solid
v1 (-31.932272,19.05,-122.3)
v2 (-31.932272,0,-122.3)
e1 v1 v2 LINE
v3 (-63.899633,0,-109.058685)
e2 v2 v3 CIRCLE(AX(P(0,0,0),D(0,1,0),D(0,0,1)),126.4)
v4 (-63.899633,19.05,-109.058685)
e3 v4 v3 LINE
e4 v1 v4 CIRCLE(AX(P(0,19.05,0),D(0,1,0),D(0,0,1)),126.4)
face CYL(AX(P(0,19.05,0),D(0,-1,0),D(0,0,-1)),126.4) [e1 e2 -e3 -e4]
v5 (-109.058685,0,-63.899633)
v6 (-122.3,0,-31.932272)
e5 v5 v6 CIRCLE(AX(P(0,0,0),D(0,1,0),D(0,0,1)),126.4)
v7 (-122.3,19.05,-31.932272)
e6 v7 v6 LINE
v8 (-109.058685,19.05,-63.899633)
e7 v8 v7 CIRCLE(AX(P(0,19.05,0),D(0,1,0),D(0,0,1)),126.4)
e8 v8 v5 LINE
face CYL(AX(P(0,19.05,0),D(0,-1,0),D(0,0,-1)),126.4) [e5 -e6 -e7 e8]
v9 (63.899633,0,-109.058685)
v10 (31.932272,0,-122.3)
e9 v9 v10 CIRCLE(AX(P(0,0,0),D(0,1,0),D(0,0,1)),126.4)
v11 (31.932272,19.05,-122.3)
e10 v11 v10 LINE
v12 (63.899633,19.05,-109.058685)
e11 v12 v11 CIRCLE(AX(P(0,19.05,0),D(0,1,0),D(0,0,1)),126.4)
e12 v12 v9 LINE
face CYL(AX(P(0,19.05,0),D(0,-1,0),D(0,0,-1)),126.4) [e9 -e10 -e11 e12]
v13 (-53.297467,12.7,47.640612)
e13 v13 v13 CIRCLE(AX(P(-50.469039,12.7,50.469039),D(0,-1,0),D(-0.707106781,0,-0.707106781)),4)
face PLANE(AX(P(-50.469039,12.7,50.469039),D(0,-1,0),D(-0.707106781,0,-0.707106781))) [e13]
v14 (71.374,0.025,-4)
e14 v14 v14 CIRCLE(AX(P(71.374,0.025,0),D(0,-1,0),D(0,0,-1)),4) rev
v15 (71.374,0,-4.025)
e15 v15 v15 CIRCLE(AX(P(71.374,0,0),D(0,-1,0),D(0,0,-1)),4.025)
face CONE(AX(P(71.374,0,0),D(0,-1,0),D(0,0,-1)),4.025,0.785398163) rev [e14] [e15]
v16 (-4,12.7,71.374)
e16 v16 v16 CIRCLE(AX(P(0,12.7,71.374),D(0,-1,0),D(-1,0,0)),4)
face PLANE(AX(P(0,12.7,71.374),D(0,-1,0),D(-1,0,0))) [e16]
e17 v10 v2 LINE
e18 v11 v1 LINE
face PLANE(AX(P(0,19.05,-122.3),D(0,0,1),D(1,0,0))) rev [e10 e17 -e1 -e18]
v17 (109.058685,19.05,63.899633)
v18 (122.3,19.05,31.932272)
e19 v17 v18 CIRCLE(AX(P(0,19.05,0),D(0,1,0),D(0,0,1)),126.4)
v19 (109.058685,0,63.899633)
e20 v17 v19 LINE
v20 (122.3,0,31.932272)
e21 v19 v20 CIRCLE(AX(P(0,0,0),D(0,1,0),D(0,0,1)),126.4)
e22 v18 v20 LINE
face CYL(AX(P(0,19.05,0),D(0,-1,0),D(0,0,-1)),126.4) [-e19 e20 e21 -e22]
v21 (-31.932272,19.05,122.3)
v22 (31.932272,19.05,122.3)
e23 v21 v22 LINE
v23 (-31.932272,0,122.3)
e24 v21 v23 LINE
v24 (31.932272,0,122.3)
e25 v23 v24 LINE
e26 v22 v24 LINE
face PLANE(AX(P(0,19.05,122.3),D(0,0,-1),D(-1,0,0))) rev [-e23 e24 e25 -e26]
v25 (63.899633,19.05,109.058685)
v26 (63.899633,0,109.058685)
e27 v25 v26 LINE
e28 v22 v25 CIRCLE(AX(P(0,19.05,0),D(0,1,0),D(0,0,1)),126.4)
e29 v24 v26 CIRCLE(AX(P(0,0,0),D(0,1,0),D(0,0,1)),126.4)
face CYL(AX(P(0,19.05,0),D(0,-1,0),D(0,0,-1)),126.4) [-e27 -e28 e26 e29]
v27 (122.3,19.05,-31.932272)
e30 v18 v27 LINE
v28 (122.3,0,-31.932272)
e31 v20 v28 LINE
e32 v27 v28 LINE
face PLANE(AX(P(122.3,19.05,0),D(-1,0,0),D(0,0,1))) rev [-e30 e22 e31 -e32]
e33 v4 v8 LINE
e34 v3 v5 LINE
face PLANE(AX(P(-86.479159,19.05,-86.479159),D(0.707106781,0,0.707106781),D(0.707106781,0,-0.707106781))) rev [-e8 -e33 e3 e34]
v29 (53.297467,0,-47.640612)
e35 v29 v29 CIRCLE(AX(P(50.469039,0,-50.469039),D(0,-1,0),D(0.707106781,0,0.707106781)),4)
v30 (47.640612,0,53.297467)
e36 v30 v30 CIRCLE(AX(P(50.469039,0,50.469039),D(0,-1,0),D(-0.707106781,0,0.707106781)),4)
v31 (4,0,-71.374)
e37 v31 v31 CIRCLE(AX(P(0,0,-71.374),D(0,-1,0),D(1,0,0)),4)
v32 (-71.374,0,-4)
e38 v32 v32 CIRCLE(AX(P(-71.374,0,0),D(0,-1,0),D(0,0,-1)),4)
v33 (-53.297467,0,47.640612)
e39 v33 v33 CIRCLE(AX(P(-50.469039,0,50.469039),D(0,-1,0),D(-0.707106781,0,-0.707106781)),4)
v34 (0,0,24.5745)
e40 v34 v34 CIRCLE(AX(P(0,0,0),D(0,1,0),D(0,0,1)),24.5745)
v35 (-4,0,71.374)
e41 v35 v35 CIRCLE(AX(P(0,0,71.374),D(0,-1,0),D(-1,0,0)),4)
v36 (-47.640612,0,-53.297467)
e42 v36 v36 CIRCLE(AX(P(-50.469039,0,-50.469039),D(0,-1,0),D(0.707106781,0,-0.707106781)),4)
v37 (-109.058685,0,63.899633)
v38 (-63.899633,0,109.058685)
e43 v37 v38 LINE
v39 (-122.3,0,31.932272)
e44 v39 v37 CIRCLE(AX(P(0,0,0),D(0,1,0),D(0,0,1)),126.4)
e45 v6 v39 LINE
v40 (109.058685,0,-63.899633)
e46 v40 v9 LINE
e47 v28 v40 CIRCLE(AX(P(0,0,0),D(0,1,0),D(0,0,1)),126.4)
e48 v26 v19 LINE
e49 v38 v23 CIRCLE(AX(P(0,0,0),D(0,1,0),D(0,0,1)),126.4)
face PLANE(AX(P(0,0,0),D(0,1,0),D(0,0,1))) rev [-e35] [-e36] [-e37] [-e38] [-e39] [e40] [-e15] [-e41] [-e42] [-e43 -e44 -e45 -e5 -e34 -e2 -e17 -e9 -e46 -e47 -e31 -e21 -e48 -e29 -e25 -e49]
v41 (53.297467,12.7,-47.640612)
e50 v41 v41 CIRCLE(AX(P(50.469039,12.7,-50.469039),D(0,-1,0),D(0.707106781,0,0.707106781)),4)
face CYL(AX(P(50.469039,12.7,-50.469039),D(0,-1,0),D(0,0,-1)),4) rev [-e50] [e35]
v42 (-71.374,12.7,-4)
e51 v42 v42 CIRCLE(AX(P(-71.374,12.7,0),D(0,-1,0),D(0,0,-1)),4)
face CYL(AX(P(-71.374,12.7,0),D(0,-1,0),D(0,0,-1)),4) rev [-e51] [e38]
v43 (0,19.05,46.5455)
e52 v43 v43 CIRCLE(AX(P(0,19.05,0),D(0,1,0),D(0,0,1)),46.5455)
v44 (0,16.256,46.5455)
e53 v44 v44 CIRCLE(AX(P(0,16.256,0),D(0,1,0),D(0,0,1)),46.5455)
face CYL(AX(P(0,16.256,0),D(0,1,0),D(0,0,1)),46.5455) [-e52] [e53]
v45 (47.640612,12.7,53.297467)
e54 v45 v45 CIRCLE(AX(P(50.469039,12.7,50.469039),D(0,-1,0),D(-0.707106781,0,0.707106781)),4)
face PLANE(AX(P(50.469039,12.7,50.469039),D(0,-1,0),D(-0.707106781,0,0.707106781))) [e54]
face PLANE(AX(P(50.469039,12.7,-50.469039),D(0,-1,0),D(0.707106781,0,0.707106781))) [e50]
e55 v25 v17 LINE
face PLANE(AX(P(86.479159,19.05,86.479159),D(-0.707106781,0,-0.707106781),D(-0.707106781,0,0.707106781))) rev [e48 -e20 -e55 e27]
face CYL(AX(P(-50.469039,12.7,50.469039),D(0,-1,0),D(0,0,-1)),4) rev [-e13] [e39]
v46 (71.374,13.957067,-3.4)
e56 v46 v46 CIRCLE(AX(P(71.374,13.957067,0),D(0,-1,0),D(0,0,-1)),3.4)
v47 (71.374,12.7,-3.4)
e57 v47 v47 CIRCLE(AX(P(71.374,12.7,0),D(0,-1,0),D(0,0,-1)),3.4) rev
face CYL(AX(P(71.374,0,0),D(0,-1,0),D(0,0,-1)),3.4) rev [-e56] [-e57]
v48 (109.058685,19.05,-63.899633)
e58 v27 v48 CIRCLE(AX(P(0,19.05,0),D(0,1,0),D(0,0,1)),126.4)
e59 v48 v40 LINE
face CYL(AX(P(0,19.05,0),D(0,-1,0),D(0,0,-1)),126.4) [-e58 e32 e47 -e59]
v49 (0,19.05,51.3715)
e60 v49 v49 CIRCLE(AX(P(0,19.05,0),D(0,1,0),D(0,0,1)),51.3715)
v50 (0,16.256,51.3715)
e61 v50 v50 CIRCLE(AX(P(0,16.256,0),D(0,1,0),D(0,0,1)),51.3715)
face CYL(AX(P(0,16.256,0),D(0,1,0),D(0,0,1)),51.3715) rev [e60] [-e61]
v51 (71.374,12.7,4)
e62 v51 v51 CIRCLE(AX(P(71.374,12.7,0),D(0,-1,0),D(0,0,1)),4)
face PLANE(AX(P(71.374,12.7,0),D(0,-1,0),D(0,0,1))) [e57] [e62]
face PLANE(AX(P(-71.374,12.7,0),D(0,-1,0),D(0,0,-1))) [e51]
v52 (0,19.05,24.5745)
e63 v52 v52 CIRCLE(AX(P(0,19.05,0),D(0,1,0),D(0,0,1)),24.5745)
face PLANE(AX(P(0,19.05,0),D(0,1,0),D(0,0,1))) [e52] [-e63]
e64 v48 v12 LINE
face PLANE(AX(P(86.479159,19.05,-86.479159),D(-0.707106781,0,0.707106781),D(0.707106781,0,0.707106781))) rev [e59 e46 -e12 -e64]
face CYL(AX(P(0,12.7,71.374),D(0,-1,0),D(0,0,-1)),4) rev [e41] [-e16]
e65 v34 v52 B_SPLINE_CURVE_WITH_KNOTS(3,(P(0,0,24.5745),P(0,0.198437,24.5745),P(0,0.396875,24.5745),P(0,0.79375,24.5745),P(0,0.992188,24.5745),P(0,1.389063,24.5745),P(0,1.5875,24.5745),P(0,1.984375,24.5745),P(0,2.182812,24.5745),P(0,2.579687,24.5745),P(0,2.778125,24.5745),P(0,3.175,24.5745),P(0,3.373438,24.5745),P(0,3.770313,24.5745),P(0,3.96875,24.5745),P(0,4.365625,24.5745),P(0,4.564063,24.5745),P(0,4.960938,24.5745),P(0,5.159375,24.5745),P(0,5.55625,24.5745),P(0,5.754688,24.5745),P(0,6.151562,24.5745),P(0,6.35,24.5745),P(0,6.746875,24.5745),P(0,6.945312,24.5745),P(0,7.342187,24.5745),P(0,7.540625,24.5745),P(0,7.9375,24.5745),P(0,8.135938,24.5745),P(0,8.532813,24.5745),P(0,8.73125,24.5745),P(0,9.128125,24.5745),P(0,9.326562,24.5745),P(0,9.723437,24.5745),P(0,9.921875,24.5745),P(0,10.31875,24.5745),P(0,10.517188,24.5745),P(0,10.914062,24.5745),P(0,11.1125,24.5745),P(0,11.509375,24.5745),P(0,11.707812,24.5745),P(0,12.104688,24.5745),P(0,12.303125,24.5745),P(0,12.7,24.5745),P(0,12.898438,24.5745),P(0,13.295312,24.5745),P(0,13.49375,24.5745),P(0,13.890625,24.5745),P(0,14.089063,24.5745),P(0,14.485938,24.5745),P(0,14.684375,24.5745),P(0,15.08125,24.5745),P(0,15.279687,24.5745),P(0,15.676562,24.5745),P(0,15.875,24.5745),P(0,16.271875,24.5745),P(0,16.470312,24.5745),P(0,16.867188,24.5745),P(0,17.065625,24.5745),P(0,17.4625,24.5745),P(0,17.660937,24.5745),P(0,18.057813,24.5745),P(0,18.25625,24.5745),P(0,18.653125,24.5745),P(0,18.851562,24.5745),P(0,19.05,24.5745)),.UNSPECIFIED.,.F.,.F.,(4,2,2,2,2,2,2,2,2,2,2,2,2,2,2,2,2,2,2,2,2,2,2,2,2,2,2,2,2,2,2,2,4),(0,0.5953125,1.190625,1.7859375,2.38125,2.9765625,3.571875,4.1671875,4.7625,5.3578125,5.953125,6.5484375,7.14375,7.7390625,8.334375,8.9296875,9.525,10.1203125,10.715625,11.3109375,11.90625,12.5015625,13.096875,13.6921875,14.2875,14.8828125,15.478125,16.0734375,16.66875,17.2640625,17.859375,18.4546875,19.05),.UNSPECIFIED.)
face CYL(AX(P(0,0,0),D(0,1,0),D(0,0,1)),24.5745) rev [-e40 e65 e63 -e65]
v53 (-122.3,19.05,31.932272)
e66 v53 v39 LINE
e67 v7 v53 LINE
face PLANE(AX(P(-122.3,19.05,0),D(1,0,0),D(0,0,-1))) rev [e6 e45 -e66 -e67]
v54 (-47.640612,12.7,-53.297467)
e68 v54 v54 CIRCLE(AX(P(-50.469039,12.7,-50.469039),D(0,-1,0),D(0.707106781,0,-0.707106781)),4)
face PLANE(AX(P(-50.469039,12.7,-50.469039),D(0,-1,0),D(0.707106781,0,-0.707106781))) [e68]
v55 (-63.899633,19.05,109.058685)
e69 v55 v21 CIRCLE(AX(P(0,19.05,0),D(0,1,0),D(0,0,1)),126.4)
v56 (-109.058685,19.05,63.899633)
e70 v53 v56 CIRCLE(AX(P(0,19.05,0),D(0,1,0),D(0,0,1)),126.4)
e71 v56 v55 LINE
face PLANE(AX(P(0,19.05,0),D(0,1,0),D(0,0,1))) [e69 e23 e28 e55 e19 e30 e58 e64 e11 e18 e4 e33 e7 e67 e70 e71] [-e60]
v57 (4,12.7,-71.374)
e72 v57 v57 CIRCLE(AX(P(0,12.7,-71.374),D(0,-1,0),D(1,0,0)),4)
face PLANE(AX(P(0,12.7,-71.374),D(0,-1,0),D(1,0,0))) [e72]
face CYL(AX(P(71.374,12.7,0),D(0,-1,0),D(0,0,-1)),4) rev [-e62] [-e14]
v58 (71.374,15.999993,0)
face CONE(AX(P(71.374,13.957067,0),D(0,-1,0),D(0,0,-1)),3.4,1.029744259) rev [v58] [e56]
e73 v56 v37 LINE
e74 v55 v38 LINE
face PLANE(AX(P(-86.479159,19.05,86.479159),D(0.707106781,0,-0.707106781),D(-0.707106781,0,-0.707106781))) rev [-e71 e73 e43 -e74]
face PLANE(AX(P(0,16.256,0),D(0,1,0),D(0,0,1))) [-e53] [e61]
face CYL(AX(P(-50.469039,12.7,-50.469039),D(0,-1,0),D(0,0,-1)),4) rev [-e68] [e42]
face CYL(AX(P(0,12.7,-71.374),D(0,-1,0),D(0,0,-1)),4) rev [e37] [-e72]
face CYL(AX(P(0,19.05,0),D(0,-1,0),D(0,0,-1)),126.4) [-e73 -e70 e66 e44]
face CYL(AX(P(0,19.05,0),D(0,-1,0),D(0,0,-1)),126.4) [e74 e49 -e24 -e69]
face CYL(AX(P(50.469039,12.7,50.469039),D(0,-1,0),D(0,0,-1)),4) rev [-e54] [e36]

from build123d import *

# Parameters (mm, degrees)
BOSS_EXTRUDE1_DEPTH         = 19.05
SKETCH3_R                   = 24.5745
CUT_EXTRUDE1_DEPTH          = 175.004260005
SKETCH5_R                   = 51.3715
SKETCH5_R_2                 = 46.5455
CUT_EXTRUDE2_DEPTH          = 2.794
SKETCH7_R                   = 4
CUT_EXTRUDE3_DEPTH          = 12.7
M8_TAPPED_HOLE1_D           = 6.8
M8_TAPPED_HOLE1_DEPTH       = 13.957067295
M8_TAPPED_HOLE1_CSINK_D     = 8.05
M8_TAPPED_HOLE1_CSINK_ANGLE = 90
M8_TAPPED_HOLE1_TIP         = 2.042926105
CIRPATTERN1_COUNT           = 8


with BuildPart() as part:
    # Sketch1 → Boss-Extrude1 (new body)
    with BuildSketch(Plane(origin=(0, 0, 0), x_dir=(1, 0, 0), z_dir=(0, 1, 0))):
        with BuildLine():
            ThreePointArc((-31.932272077, 122.3), (-48.371185851, 116.778372909), (-63.899633215, 109.058685463))
            Line((-63.899633215, 109.058685463), (-109.058685463, 63.899633215))
            ThreePointArc((-109.058685463, 63.899633215), (-116.778372909, 48.371185851), (-122.3, 31.932272077))
            Line((-122.3, 31.932272077), (-122.3, -31.932272077))
            ThreePointArc((-122.3, -31.932272077), (-116.778372909, -48.371185851), (-109.058685463, -63.899633215))
            Line((-109.058685463, -63.899633215), (-63.899633215, -109.058685463))
            ThreePointArc((-63.899633215, -109.058685463), (-48.371185851, -116.778372909), (-31.932272077, -122.3))
            Line((-31.932272077, -122.3), (31.932272077, -122.3))
            ThreePointArc((31.932272077, -122.3), (48.371185851, -116.778372909), (63.899633215, -109.058685463))
            Line((63.899633215, -109.058685463), (109.058685463, -63.899633215))
            ThreePointArc((109.058685463, -63.899633215), (116.778372909, -48.371185851), (122.3, -31.932272077))
            Line((122.3, -31.932272077), (122.3, 31.932272077))
            ThreePointArc((122.3, 31.932272077), (116.778372909, 48.371185851), (109.058685463, 63.899633215))
            Line((109.058685463, 63.899633215), (63.899633215, 109.058685463))
            ThreePointArc((63.899633215, 109.058685463), (48.371185851, 116.778372909), (31.932272077, 122.3))
            Line((31.932272077, 122.3), (-31.932272077, 122.3))
        make_face()
    extrude(amount=BOSS_EXTRUDE1_DEPTH)

    # Sketch3 → Cut-Extrude1 (cut, through all)
    with BuildSketch(Plane(origin=(0, 19.05, 0), x_dir=(1, 0, 0), z_dir=(0, 1, 0))):
        with Locations(Location((0, 0, 0), (0, 0, 270))):
            Circle(SKETCH3_R)
    extrude(amount=-CUT_EXTRUDE1_DEPTH, mode=Mode.SUBTRACT)

    # Sketch5 → Cut-Extrude2 (cut)
    with BuildSketch(Plane(origin=(0, 19.05, 0), x_dir=(1, 0, 0), z_dir=(0, 1, 0))):
        with Locations(Location((0, 0, 0), (0, 0, 270))):
            Circle(SKETCH5_R)
        with Locations(Location((0, 0, 0), (0, 0, 270))):
            Circle(SKETCH5_R_2, mode=Mode.SUBTRACT)
    extrude(amount=-CUT_EXTRUDE2_DEPTH, mode=Mode.SUBTRACT)

    # Sketch7 → Cut-Extrude3 (cut)
    with BuildSketch(Plane.XZ):
        with Locations(Location((-71.374, 0, 0), (0, 0, 270))):
            Circle(SKETCH7_R)
    cut_extrude3 = extrude(amount=-CUT_EXTRUDE3_DEPTH, mode=Mode.SUBTRACT)

    # M8 Tapped Hole1
    with Locations(Plane(origin=(0, 0, 0), x_dir=(-1, 0, 0), z_dir=(0, -1, 0))):
        with Locations((-71.374, 0)):
            CounterSinkHole(M8_TAPPED_HOLE1_D / 2, M8_TAPPED_HOLE1_CSINK_D / 2, depth=M8_TAPPED_HOLE1_DEPTH, counter_sink_angle=M8_TAPPED_HOLE1_CSINK_ANGLE)
            with Locations((0, 0, -(M8_TAPPED_HOLE1_DEPTH + M8_TAPPED_HOLE1_TIP / 2))):  # 118° drill point
                Cone(0, M8_TAPPED_HOLE1_D / 2, M8_TAPPED_HOLE1_TIP, mode=Mode.SUBTRACT)

    # CirPattern1: Cut-Extrude3 ×8 about axis
    cirpattern1_axis = Axis((0, 0, 0), (0, 1, 0))
    for i in range(1, CIRPATTERN1_COUNT):
        add(cut_extrude3.rotate(cirpattern1_axis, i * 360 / CIRPATTERN1_COUNT), mode=Mode.SUBTRACT)


solid = part.part
